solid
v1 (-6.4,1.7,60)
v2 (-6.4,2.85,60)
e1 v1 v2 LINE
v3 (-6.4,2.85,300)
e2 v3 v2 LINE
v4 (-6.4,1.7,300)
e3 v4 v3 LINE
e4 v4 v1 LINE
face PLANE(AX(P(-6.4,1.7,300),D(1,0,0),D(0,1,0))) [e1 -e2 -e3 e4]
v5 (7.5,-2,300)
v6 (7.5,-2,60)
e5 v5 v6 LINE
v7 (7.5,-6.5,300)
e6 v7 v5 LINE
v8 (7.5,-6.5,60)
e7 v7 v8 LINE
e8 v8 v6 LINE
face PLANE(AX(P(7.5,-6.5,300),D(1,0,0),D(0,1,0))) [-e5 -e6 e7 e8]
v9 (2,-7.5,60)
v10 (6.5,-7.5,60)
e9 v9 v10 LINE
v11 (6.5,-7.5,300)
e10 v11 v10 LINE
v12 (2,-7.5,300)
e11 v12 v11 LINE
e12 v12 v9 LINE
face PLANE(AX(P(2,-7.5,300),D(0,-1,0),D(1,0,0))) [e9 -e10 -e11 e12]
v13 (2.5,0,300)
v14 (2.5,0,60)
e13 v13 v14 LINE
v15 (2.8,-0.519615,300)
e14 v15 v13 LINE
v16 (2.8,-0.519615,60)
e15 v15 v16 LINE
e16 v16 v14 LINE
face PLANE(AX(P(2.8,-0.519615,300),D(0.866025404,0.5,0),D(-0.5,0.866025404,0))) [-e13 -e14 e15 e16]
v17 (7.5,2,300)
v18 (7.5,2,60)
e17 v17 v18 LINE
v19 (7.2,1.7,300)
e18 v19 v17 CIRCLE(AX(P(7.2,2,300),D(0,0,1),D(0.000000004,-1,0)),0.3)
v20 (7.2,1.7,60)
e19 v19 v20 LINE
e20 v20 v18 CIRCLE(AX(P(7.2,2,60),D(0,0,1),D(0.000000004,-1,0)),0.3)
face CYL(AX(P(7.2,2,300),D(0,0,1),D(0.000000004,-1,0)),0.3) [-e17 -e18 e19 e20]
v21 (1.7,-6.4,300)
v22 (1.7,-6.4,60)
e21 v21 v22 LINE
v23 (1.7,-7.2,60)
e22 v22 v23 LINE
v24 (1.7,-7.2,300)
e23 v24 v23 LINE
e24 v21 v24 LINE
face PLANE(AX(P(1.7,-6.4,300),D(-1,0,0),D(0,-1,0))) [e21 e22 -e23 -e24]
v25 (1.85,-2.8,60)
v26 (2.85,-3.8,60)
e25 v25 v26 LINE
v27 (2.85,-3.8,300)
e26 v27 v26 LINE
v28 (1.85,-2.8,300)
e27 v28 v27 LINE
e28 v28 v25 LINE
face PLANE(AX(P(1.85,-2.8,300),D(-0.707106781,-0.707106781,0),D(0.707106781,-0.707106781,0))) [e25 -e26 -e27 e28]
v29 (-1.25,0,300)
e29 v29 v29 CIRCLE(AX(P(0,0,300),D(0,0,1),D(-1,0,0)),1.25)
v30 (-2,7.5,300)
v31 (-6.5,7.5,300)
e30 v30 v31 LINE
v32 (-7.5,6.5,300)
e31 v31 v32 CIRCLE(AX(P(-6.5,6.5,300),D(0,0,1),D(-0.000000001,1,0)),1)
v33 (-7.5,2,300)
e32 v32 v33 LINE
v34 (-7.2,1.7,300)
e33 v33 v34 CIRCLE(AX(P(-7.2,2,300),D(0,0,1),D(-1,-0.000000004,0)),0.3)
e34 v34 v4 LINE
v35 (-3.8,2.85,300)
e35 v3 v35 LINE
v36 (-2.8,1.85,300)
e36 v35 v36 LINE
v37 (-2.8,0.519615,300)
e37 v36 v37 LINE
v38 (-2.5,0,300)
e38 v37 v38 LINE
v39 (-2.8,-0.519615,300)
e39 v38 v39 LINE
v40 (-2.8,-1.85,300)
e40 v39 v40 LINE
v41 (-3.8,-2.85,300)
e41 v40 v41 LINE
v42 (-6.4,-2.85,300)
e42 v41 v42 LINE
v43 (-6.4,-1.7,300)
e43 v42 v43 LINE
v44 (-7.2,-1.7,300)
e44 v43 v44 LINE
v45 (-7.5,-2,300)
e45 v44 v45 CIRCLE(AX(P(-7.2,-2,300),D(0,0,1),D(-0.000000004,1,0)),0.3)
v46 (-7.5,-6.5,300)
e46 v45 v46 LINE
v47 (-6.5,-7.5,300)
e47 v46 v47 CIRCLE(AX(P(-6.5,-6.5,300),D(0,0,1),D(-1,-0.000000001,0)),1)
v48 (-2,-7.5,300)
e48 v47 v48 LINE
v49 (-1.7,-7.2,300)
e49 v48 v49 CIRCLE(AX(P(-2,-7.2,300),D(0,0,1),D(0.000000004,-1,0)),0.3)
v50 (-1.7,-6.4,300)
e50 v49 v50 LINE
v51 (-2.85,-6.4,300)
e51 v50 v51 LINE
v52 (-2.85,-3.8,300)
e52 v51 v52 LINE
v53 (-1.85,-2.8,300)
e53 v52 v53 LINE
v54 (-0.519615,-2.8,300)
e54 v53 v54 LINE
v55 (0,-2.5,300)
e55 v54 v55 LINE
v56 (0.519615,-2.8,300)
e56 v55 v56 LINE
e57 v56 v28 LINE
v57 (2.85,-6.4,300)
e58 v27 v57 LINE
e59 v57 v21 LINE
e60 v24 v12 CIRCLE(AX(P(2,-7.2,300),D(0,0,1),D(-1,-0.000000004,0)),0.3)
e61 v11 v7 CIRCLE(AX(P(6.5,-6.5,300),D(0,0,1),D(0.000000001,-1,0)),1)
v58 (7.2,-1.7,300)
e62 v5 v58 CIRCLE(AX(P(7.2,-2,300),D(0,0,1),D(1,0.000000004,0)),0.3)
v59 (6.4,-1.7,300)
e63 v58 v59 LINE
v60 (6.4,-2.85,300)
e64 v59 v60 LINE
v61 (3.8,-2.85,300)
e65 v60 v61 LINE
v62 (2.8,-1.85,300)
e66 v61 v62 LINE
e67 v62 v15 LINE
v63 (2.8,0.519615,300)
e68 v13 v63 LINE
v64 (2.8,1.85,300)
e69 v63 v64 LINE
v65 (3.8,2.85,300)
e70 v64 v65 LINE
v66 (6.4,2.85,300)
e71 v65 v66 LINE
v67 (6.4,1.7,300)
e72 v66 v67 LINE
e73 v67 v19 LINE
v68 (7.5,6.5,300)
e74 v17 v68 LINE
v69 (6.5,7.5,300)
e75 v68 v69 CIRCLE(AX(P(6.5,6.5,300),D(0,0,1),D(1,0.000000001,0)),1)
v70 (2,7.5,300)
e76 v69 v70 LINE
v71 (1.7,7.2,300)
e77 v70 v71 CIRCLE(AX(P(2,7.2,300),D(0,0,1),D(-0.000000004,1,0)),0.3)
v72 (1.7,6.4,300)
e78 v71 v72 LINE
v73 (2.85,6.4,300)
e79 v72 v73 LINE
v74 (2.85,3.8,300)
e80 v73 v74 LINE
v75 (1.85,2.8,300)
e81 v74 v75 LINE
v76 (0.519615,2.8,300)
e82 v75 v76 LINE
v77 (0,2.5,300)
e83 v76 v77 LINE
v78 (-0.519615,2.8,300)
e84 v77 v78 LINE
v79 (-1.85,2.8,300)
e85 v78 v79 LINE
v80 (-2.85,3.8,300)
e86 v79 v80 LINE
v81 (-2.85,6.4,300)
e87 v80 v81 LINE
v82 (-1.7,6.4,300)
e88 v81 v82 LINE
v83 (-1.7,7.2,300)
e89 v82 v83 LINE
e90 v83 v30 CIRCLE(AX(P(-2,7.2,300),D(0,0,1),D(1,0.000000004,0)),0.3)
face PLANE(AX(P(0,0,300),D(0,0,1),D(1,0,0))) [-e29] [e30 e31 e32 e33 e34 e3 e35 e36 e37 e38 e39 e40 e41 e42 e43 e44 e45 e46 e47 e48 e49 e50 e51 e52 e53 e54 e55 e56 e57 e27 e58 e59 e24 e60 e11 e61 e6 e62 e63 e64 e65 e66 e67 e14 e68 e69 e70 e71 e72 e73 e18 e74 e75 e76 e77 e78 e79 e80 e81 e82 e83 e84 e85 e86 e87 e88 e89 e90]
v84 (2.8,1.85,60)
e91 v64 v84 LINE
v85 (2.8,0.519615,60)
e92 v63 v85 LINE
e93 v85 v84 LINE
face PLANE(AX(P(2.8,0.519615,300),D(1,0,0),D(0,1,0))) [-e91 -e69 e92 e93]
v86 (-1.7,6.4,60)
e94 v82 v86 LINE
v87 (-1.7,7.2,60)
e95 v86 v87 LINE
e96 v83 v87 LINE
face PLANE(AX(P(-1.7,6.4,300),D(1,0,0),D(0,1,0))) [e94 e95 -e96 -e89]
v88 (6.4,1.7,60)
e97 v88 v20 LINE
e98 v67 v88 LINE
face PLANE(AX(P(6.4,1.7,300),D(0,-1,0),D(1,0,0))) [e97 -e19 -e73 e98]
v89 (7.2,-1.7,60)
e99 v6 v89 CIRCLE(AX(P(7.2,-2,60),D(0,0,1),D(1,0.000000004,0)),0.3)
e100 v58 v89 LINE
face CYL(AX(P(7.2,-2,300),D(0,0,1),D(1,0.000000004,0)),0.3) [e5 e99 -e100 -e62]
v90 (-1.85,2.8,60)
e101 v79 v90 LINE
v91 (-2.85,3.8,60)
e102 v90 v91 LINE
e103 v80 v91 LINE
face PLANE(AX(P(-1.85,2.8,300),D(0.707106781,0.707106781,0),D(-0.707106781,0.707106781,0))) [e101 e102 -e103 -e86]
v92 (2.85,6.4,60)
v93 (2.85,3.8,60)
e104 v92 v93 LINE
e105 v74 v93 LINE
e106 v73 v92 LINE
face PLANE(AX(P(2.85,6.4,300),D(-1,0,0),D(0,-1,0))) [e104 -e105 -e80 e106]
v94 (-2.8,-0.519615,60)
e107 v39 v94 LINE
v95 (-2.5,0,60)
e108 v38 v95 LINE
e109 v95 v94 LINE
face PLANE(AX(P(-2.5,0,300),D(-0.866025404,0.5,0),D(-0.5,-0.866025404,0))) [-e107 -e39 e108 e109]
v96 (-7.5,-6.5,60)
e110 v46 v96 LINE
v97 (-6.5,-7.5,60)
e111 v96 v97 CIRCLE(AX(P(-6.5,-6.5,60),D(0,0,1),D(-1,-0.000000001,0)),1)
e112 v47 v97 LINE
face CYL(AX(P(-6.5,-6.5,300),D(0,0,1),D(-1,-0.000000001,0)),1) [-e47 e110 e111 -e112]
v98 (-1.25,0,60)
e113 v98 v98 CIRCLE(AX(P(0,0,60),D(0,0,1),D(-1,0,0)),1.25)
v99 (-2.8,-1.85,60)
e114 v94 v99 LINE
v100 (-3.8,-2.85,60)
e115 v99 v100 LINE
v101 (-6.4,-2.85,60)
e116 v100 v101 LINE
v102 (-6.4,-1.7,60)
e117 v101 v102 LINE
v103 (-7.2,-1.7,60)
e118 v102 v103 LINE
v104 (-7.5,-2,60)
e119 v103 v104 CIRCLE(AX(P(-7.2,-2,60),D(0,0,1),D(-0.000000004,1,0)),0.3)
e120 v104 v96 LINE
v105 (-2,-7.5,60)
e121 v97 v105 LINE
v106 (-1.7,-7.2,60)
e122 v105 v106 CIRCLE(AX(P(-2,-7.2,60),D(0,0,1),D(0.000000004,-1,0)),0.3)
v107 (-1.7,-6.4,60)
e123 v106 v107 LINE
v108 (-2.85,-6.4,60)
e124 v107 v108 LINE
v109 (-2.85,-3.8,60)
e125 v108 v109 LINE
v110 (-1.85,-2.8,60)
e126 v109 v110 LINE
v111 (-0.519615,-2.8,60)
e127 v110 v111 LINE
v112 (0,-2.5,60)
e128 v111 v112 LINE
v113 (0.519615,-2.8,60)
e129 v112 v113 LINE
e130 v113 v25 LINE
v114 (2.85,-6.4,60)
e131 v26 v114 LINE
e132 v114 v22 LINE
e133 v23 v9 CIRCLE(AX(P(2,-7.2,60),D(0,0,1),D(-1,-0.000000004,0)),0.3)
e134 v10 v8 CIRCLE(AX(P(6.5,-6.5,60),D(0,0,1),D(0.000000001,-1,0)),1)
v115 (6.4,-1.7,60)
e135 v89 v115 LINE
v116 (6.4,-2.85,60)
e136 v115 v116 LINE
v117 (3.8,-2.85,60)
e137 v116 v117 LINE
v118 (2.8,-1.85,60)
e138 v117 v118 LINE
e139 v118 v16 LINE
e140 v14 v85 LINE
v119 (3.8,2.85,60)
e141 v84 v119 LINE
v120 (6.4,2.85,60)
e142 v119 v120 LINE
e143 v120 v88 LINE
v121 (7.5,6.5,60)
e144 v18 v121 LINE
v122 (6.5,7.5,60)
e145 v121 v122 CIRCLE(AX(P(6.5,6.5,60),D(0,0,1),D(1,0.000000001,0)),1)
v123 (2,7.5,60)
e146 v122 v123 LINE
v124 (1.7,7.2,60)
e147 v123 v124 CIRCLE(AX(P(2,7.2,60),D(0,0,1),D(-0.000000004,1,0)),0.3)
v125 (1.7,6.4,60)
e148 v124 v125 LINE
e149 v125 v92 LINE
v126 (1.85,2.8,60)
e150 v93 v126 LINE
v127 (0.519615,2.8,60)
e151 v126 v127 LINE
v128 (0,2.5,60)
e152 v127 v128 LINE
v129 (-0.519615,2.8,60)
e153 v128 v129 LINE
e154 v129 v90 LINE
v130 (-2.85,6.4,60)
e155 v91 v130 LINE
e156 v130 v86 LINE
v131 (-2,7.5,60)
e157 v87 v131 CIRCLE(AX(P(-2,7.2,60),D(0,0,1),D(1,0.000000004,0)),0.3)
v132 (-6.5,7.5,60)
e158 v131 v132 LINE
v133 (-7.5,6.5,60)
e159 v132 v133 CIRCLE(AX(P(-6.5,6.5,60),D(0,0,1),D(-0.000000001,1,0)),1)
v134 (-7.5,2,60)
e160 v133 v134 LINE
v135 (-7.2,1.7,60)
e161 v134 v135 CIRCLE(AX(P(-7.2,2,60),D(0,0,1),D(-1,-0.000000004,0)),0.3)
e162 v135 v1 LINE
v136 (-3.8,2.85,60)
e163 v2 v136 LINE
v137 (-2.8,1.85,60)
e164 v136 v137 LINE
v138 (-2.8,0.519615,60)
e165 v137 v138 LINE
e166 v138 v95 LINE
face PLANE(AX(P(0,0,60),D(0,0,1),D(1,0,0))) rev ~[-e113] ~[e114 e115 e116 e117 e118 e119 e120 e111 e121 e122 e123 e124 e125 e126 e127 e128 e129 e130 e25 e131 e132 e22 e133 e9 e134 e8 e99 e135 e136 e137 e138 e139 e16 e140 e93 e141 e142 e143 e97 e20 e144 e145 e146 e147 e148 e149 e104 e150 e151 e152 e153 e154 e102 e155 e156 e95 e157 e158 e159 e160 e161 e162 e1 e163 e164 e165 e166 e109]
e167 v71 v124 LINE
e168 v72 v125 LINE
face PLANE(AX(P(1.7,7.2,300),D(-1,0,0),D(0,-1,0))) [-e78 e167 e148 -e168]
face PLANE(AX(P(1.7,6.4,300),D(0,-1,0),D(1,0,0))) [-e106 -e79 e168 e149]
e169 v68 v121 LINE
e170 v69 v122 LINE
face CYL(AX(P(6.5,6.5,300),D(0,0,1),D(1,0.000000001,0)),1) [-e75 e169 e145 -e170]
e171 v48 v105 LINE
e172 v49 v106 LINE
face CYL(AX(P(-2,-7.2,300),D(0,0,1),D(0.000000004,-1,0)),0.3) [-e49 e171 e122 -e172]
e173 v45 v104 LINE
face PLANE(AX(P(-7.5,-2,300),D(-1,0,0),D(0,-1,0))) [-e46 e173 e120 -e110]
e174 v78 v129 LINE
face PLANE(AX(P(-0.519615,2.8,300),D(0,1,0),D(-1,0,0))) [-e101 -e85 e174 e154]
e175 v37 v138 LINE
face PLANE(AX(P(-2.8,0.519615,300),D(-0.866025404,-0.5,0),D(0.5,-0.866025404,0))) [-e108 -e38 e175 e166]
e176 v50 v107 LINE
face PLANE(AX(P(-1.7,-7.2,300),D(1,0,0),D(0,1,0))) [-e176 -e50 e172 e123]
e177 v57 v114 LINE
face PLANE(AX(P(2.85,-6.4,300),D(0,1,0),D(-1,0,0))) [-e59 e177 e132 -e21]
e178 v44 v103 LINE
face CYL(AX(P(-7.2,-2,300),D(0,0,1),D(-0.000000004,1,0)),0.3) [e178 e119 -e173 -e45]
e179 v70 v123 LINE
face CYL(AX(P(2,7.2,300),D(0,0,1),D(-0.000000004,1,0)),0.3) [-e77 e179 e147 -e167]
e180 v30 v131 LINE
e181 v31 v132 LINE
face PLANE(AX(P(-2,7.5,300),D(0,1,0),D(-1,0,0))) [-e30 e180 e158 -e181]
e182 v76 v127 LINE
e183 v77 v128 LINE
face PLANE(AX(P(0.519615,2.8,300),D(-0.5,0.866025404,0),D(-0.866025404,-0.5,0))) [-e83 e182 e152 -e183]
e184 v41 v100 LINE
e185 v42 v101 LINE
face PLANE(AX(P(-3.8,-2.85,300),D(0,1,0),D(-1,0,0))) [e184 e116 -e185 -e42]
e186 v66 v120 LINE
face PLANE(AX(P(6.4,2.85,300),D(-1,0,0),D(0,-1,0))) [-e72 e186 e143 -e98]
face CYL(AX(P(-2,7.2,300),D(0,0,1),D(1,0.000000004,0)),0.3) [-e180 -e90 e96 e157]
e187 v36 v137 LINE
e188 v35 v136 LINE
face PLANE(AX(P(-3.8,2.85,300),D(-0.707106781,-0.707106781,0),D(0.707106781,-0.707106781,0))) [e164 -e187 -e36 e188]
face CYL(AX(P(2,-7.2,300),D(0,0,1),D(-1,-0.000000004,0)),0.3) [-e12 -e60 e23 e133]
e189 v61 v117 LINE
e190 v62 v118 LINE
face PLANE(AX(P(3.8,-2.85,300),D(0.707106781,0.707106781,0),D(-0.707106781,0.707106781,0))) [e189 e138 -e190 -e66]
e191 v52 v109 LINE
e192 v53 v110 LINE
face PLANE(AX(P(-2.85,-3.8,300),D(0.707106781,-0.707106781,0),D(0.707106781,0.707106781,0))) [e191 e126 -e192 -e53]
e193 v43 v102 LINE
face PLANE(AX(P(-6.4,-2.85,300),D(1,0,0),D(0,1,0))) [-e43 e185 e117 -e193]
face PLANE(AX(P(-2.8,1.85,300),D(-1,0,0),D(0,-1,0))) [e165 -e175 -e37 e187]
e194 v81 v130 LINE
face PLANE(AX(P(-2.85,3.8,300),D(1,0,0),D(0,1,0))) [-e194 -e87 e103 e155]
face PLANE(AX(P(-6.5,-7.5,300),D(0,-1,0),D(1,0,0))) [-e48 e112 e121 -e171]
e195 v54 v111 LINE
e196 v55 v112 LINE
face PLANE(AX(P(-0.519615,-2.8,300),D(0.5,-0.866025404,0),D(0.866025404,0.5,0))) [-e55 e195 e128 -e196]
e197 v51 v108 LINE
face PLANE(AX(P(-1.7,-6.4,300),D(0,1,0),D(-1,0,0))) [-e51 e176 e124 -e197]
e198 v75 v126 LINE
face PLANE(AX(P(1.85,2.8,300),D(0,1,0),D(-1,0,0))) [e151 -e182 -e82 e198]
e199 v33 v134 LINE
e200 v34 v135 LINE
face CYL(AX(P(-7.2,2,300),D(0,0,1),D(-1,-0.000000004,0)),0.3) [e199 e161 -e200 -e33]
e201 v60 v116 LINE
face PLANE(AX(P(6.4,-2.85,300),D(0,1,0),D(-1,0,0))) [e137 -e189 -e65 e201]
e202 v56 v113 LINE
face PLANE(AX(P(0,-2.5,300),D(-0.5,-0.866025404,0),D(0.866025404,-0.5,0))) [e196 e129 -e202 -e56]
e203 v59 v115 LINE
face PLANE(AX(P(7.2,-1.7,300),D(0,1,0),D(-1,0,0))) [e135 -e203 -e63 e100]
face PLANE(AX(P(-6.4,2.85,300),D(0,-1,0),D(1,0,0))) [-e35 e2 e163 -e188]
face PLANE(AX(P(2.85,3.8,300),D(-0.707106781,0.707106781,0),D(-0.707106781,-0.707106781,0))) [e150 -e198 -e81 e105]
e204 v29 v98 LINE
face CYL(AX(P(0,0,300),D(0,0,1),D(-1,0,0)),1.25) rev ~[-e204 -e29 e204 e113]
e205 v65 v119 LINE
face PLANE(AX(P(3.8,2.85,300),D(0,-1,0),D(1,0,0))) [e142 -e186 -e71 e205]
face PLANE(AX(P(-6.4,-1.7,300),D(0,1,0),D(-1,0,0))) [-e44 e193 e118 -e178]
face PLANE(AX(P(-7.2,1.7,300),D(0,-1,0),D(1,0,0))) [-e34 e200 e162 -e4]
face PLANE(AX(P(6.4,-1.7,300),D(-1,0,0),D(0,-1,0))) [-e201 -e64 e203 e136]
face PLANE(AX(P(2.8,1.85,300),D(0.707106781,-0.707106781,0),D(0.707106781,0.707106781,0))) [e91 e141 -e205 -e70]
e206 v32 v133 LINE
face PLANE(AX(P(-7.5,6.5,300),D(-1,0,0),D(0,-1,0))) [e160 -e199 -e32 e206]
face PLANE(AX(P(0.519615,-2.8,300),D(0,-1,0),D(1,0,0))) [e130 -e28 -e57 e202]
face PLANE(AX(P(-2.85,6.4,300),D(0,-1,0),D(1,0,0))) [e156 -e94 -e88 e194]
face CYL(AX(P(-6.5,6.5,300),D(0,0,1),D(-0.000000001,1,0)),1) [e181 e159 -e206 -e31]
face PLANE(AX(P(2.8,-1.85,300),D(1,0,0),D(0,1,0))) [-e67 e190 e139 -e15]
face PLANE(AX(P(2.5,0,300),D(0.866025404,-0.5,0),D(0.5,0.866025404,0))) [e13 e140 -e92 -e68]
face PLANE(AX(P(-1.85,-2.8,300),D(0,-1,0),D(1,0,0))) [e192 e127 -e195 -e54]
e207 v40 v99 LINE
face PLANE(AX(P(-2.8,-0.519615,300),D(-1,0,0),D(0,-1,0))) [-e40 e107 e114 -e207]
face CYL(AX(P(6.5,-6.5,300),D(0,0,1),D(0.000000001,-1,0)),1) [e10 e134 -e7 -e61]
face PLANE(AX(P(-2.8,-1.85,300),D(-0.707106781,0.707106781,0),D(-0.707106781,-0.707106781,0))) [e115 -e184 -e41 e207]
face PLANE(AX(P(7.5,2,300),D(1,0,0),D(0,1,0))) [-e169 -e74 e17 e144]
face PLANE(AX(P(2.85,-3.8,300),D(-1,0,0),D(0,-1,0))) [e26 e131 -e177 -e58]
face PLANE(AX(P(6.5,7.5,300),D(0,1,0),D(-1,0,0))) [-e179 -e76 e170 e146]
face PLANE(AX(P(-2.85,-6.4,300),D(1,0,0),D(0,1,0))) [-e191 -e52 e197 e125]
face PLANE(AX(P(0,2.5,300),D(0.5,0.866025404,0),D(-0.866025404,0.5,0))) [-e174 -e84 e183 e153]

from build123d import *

# Parameters (mm, degrees)
SKETCH1_R           = 1.25
BOSS_EXTRUDE1_DEPTH = 240


with BuildPart() as part:
    # Sketch1 → Boss-Extrude1 (new body)
    with BuildSketch(Plane.XY.offset(300)):
        with BuildLine():
            Line((-7.5, 6.5), (-7.5, 2))
            ThreePointArc((-7.5, 2), (-7.412132034, 1.787867966), (-7.2, 1.7))
            Line((-7.2, 1.7), (-6.4, 1.7))
            Line((-6.4, 1.7), (-6.4, 2.85))
            Line((-6.4, 2.85), (-3.8, 2.85))
            Line((-3.8, 2.85), (-2.8, 1.85))
            Line((-2.8, 1.85), (-2.8, 0.519615242))
            Line((-2.8, 0.519615242), (-2.5, 0))
            Line((-2.5, 0), (-2.8, -0.519615242))
            Line((-2.8, -0.519615242), (-2.8, -1.85))
            Line((-2.8, -1.85), (-3.8, -2.85))
            Line((-3.8, -2.85), (-6.4, -2.85))
            Line((-6.4, -2.85), (-6.4, -1.7))
            Line((-6.4, -1.7), (-7.2, -1.7))
            ThreePointArc((-7.2, -1.7), (-7.412132034, -1.787867966), (-7.5, -2))
            Line((-7.5, -2), (-7.5, -6.5))
            ThreePointArc((-7.5, -6.5), (-7.207106781, -7.207106781), (-6.5, -7.5))
            Line((-6.5, -7.5), (-2, -7.5))
            ThreePointArc((-2, -7.5), (-1.787867966, -7.412132034), (-1.7, -7.2))
            Line((-1.7, -7.2), (-1.7, -6.4))
            Line((-1.7, -6.4), (-2.85, -6.4))
            Line((-2.85, -6.4), (-2.85, -3.8))
            Line((-2.85, -3.8), (-1.85, -2.8))
            Line((-1.85, -2.8), (-0.519615242, -2.8))
            Line((-0.519615242, -2.8), (0, -2.5))
            Line((0, -2.5), (0.519615242, -2.8))
            Line((0.519615242, -2.8), (1.85, -2.8))
            Line((1.85, -2.8), (2.85, -3.8))
            Line((2.85, -3.8), (2.85, -6.4))
            Line((2.85, -6.4), (1.7, -6.4))
            Line((1.7, -6.4), (1.7, -7.2))
            ThreePointArc((1.7, -7.2), (1.787867966, -7.412132034), (2, -7.5))
            Line((2, -7.5), (6.5, -7.5))
            ThreePointArc((6.5, -7.5), (7.207106781, -7.207106781), (7.5, -6.5))
            Line((7.5, -6.5), (7.5, -2))
            ThreePointArc((7.5, -2), (7.412132034, -1.787867966), (7.2, -1.7))
            Line((7.2, -1.7), (6.4, -1.7))
            Line((6.4, -1.7), (6.4, -2.85))
            Line((6.4, -2.85), (3.8, -2.85))
            Line((3.8, -2.85), (2.8, -1.85))
            Line((2.8, -1.85), (2.8, -0.519615242))
            Line((2.8, -0.519615242), (2.5, 0))
            Line((2.5, 0), (2.8, 0.519615242))
            Line((2.8, 0.519615242), (2.8, 1.85))
            Line((2.8, 1.85), (3.8, 2.85))
            Line((3.8, 2.85), (6.4, 2.85))
            Line((6.4, 2.85), (6.4, 1.7))
            Line((6.4, 1.7), (7.2, 1.7))
            ThreePointArc((7.2, 1.7), (7.412132034, 1.787867966), (7.5, 2))
            Line((7.5, 2), (7.5, 6.5))
            ThreePointArc((7.5, 6.5), (7.207106781, 7.207106781), (6.5, 7.5))
            Line((6.5, 7.5), (2, 7.5))
            ThreePointArc((2, 7.5), (1.787867966, 7.412132034), (1.7, 7.2))
            Line((1.7, 7.2), (1.7, 6.4))
            Line((1.7, 6.4), (2.85, 6.4))
            Line((2.85, 6.4), (2.85, 3.8))
            Line((2.85, 3.8), (1.85, 2.8))
            Line((1.85, 2.8), (0.519615242, 2.8))
            Line((0.519615242, 2.8), (0, 2.5))
            Line((0, 2.5), (-0.519615242, 2.8))
            Line((-0.519615242, 2.8), (-1.85, 2.8))
            Line((-1.85, 2.8), (-2.85, 3.8))
            Line((-2.85, 3.8), (-2.85, 6.4))
            Line((-2.85, 6.4), (-1.7, 6.4))
            Line((-1.7, 6.4), (-1.7, 7.2))
            ThreePointArc((-1.7, 7.2), (-1.787867966, 7.412132034), (-2, 7.5))
            Line((-2, 7.5), (-6.5, 7.5))
            ThreePointArc((-6.5, 7.5), (-7.207106781, 7.207106781), (-7.5, 6.5))
        make_face()
        with Locations(Location((0, 0, 0), (0, 0, 180))):
            Circle(SKETCH1_R, mode=Mode.SUBTRACT)
    extrude(amount=-BOSS_EXTRUDE1_DEPTH)


solid = part.part
